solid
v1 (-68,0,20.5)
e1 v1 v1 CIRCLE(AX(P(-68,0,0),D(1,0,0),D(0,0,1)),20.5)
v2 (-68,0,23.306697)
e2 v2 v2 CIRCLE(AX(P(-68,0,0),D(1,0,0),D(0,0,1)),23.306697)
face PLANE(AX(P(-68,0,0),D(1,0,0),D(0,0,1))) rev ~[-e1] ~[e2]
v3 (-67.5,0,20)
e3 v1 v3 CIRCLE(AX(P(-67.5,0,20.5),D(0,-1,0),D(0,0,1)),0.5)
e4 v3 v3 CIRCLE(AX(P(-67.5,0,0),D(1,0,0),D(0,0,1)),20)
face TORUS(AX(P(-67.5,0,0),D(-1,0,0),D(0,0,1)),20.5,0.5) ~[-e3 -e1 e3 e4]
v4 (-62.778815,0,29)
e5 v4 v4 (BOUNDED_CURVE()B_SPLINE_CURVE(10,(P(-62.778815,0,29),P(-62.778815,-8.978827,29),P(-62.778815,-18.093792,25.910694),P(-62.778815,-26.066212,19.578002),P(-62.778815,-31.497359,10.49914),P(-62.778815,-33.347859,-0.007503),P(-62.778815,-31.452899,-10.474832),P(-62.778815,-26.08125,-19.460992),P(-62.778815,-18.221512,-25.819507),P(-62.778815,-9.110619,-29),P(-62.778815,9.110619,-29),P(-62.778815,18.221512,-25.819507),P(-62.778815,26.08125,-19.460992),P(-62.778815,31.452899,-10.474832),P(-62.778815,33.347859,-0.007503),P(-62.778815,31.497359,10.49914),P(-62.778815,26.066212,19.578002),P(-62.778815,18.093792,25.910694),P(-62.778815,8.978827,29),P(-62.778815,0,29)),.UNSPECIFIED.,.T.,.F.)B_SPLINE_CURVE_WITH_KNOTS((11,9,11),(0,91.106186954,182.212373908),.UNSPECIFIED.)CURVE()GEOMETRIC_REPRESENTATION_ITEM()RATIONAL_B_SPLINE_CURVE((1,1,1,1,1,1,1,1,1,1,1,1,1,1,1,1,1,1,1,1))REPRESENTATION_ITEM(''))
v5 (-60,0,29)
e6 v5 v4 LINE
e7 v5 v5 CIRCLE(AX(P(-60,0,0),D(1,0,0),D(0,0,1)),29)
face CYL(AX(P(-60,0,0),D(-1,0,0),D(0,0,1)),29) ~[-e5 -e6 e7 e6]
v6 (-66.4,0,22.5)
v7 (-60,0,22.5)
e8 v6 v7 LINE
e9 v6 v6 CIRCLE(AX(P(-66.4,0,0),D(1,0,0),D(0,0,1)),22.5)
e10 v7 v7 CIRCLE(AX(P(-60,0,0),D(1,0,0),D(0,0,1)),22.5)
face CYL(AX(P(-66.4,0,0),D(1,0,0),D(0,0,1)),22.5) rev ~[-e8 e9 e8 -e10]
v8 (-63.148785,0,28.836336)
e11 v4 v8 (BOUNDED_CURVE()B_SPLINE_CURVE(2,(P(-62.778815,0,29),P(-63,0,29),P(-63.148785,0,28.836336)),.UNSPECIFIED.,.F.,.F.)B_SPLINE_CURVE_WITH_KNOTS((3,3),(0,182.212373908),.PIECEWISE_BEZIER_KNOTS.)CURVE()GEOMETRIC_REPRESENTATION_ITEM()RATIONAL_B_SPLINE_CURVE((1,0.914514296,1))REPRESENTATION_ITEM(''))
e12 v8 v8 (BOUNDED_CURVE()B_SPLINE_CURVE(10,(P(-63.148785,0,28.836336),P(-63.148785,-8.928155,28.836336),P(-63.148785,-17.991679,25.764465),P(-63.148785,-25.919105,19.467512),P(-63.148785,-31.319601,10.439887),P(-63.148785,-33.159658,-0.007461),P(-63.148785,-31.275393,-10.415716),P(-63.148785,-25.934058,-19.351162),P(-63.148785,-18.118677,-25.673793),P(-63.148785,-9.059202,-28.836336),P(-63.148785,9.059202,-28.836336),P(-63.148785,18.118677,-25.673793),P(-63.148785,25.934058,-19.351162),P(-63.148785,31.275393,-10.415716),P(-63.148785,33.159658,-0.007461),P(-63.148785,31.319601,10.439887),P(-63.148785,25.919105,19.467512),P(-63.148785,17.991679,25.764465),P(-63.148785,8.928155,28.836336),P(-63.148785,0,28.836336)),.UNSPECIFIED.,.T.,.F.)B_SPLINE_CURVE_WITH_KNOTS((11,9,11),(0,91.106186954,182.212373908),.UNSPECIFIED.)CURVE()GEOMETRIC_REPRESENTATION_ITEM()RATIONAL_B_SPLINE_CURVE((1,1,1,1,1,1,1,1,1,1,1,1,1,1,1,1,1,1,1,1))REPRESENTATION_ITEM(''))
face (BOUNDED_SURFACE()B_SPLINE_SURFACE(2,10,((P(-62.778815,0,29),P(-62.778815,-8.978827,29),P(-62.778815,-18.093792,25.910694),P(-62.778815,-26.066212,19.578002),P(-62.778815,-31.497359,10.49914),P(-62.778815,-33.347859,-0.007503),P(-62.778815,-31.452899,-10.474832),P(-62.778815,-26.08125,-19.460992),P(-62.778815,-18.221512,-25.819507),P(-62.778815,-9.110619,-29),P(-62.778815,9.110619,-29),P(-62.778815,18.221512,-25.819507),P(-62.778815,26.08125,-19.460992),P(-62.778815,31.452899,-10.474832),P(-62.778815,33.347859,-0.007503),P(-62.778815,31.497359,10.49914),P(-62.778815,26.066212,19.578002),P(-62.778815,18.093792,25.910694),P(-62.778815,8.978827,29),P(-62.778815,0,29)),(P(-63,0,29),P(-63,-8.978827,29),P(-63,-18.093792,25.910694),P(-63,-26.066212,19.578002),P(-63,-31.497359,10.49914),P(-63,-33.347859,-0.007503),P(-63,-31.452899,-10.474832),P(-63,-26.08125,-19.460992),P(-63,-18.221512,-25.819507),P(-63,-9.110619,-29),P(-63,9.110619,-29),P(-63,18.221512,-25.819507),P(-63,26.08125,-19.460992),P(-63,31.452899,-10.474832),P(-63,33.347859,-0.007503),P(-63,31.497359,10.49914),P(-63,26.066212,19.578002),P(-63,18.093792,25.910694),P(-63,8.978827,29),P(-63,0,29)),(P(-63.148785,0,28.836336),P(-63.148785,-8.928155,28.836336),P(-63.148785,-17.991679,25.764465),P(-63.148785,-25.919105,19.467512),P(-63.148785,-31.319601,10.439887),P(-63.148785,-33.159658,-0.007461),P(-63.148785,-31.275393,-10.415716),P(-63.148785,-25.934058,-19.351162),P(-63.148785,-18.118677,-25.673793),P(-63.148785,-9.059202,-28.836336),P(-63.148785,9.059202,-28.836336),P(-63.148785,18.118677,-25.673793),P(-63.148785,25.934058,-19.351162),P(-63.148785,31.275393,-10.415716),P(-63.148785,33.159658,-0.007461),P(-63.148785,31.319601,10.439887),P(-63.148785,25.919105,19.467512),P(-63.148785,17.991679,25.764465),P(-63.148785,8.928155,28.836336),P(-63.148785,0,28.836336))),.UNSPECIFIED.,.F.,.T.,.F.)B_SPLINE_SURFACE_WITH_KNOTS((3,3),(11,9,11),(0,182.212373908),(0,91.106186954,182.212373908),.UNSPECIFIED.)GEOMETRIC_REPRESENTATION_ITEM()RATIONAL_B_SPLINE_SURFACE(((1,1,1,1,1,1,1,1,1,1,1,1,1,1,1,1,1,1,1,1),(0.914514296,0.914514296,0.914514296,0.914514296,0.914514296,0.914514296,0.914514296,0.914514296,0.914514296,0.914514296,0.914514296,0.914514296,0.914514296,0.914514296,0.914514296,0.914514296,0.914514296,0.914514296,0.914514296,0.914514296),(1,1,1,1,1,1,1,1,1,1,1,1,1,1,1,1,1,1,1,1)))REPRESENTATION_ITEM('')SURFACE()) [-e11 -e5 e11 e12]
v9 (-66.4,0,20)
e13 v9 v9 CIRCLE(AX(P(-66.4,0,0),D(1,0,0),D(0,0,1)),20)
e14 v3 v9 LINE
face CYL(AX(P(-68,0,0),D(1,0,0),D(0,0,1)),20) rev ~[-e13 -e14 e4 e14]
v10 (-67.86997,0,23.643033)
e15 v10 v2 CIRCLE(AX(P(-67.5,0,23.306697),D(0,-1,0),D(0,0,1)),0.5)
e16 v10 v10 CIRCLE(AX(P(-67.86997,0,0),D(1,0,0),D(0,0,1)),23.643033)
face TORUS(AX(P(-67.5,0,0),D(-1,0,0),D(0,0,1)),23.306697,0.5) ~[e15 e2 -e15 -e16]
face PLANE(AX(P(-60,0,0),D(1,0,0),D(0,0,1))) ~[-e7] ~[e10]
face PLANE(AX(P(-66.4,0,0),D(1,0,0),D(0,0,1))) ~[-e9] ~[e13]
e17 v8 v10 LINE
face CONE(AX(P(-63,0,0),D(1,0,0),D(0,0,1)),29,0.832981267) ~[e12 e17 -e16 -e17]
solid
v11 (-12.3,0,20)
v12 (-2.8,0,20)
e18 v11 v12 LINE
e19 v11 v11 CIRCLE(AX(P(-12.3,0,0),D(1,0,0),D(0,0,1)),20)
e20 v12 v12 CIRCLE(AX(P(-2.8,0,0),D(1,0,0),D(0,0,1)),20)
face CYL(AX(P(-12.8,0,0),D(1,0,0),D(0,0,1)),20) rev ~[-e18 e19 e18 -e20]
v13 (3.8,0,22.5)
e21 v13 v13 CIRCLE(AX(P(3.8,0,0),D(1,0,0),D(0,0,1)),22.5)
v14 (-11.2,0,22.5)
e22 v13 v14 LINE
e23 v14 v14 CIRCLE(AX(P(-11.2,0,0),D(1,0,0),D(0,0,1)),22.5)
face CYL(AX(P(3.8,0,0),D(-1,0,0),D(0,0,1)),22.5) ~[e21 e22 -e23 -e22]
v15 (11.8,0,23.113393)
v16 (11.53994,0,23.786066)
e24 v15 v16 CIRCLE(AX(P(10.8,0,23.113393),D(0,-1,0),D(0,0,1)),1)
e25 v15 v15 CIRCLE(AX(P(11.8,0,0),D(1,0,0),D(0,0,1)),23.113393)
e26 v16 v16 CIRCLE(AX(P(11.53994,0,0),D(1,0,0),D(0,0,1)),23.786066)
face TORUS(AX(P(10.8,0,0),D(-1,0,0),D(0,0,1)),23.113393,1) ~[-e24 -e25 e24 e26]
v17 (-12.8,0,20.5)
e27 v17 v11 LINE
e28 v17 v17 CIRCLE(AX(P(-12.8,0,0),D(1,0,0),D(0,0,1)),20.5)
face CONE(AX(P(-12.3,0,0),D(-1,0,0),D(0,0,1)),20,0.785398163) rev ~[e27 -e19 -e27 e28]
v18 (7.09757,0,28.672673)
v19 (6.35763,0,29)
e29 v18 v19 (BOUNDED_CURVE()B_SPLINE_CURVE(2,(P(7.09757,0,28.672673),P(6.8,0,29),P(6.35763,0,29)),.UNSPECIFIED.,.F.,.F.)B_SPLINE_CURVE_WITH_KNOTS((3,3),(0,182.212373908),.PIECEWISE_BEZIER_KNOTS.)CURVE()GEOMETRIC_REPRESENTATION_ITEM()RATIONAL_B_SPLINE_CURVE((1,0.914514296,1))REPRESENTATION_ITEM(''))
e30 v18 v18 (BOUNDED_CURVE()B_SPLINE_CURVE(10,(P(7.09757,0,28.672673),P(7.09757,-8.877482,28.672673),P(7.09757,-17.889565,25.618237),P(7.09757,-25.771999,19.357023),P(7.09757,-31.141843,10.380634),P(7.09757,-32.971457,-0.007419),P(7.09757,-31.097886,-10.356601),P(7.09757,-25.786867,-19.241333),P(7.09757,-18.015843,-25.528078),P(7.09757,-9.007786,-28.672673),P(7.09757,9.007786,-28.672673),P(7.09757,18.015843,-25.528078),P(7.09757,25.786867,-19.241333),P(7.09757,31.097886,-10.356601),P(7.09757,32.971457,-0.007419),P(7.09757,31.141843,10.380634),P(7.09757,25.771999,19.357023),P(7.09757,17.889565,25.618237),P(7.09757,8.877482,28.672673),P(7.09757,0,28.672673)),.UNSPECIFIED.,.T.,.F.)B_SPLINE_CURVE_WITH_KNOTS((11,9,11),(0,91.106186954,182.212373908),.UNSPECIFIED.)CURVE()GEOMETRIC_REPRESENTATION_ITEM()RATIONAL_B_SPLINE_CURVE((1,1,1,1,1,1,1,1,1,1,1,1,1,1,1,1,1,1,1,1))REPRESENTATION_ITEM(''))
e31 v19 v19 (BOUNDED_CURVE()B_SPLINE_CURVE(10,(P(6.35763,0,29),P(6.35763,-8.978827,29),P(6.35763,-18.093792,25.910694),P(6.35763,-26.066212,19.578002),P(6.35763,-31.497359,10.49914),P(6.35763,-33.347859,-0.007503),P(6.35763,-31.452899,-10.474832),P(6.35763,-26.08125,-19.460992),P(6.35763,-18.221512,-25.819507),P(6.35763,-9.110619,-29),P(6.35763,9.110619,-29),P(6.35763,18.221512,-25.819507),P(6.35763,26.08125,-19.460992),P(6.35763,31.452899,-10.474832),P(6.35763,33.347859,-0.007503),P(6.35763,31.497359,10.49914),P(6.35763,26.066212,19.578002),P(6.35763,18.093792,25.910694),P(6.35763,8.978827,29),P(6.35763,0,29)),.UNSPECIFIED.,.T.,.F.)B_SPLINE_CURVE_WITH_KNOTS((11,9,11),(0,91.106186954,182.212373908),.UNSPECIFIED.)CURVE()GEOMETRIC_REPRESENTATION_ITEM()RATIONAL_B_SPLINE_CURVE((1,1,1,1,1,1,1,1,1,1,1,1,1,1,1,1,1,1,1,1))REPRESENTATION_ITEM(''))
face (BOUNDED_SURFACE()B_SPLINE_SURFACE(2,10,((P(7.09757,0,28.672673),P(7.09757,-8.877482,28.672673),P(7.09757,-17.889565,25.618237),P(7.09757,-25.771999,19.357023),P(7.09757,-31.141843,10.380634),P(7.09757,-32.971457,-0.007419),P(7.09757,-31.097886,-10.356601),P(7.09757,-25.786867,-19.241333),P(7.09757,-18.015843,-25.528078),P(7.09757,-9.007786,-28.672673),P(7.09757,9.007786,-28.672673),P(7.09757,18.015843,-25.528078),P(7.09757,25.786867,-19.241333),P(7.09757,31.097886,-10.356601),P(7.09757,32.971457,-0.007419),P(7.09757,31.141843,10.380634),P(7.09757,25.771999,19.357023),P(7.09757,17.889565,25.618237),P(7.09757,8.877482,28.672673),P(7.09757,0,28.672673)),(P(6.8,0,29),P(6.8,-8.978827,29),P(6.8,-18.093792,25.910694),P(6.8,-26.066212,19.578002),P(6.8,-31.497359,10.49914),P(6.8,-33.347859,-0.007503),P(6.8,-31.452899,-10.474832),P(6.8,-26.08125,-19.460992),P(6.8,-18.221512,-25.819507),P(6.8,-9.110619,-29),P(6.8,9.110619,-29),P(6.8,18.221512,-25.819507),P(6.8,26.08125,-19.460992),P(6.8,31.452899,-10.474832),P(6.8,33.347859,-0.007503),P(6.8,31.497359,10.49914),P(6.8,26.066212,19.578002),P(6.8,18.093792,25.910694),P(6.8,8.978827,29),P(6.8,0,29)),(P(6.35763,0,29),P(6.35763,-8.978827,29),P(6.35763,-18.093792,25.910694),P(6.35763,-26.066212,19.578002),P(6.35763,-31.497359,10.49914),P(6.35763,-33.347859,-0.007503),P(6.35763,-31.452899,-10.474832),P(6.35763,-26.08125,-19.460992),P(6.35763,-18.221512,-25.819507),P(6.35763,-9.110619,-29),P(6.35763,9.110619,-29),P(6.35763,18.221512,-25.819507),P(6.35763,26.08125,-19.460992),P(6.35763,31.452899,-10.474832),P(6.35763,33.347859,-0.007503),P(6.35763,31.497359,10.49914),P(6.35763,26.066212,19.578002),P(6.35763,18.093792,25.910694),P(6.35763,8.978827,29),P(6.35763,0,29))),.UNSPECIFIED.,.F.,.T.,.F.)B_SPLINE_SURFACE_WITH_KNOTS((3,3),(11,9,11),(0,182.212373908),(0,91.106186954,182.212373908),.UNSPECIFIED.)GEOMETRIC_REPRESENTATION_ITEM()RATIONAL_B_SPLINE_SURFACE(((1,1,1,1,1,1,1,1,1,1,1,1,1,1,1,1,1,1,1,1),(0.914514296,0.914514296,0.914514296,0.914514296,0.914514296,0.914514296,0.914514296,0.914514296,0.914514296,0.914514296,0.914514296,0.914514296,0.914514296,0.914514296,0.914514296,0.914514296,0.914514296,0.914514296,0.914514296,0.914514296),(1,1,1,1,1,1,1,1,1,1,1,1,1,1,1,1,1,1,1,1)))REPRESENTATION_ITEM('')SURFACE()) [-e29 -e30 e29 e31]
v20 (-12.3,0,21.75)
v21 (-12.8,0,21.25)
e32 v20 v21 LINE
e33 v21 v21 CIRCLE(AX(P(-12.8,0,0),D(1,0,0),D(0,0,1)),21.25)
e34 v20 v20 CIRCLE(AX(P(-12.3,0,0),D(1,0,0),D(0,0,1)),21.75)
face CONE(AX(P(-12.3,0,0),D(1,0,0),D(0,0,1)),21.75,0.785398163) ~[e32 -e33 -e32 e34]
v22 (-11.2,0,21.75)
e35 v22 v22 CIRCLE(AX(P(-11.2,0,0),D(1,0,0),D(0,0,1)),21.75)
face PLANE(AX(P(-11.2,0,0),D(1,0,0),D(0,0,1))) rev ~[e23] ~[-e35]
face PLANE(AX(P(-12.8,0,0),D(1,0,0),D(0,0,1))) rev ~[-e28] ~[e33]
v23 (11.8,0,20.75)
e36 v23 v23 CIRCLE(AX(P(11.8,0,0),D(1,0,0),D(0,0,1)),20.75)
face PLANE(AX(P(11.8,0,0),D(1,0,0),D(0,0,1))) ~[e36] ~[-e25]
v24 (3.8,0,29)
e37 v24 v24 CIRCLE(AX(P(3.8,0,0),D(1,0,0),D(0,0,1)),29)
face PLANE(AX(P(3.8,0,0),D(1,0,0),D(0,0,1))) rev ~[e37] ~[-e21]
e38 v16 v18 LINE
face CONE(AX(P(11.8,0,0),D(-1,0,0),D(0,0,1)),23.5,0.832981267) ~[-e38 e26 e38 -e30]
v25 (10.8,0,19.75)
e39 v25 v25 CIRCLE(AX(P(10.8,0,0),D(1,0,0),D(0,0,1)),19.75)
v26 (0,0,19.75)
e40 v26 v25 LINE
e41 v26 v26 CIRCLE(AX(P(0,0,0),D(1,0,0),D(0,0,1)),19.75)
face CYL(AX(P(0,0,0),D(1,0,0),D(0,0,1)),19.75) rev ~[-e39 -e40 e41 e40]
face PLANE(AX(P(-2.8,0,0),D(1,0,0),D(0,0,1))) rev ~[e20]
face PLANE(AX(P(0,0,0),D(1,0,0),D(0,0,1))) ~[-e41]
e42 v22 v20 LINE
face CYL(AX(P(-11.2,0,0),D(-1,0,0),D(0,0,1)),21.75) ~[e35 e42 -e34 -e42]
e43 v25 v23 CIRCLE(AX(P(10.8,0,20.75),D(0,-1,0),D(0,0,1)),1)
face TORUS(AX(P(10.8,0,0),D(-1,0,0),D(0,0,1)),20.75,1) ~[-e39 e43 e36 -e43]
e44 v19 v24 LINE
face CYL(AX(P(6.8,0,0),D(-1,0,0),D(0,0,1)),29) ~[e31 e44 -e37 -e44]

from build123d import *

# Parameters (mm, degrees)
F3_R    = 1
F4_SIZE = 0.5
F7_R    = 0.5


with BuildPart() as f2:
    # F0 (on Front) → F2 (revolve)
    with BuildSketch(Plane.XZ):
        Polygon((-2.8, 0), (0, 0), (0, 19.75), (11.8, 19.75), (11.8, 23.5), (6.8, 29), (3.8, 29), (3.8, 22.5), (-11.2, 22.5), (-11.2, 21.75), (-12.8, 21.75), (-12.8, 20), (-2.8, 20), align=None)
    revolve(axis=Axis((1.799752, 0, 0), (1, 0, 0)))

    # F3
    f3_edges = [f2.edges().sort_by_distance(p)[0] for p in [
        (11.8, 0, -23.5),
        (11.8, 0, -19.75),
        (6.8, 0, -29),
    ]]
    fillet(f3_edges, radius=F3_R)

    # F4
    f4_edges = [f2.edges().sort_by_distance(p)[0] for p in [
        (-12.8, 0, -21.75),
        (-12.8, 0, -20),
    ]]
    chamfer(f4_edges, length=F4_SIZE)


with BuildPart() as f6:
    # F5 (on Front) → F6 (revolve)
    with BuildSketch(Plane.XZ):
        Polygon((-66.4, 22.5), (-60, 22.5), (-60, 29), (-63, 29), (-68, 23.5), (-68, 20), (-66.4, 20), align=None)
    revolve(axis=Axis((1.799752, 0, 0), (1, 0, 0)))

    # F7
    f7_edges = [f6.edges().sort_by_distance(p)[0] for p in [
        (-68, 0, -23.5),
        (-63, 0, -29),
        (-68, 0, -20),
    ]]
    fillet(f7_edges, radius=F7_R)


solid = Compound([f2.part, f6.part])
